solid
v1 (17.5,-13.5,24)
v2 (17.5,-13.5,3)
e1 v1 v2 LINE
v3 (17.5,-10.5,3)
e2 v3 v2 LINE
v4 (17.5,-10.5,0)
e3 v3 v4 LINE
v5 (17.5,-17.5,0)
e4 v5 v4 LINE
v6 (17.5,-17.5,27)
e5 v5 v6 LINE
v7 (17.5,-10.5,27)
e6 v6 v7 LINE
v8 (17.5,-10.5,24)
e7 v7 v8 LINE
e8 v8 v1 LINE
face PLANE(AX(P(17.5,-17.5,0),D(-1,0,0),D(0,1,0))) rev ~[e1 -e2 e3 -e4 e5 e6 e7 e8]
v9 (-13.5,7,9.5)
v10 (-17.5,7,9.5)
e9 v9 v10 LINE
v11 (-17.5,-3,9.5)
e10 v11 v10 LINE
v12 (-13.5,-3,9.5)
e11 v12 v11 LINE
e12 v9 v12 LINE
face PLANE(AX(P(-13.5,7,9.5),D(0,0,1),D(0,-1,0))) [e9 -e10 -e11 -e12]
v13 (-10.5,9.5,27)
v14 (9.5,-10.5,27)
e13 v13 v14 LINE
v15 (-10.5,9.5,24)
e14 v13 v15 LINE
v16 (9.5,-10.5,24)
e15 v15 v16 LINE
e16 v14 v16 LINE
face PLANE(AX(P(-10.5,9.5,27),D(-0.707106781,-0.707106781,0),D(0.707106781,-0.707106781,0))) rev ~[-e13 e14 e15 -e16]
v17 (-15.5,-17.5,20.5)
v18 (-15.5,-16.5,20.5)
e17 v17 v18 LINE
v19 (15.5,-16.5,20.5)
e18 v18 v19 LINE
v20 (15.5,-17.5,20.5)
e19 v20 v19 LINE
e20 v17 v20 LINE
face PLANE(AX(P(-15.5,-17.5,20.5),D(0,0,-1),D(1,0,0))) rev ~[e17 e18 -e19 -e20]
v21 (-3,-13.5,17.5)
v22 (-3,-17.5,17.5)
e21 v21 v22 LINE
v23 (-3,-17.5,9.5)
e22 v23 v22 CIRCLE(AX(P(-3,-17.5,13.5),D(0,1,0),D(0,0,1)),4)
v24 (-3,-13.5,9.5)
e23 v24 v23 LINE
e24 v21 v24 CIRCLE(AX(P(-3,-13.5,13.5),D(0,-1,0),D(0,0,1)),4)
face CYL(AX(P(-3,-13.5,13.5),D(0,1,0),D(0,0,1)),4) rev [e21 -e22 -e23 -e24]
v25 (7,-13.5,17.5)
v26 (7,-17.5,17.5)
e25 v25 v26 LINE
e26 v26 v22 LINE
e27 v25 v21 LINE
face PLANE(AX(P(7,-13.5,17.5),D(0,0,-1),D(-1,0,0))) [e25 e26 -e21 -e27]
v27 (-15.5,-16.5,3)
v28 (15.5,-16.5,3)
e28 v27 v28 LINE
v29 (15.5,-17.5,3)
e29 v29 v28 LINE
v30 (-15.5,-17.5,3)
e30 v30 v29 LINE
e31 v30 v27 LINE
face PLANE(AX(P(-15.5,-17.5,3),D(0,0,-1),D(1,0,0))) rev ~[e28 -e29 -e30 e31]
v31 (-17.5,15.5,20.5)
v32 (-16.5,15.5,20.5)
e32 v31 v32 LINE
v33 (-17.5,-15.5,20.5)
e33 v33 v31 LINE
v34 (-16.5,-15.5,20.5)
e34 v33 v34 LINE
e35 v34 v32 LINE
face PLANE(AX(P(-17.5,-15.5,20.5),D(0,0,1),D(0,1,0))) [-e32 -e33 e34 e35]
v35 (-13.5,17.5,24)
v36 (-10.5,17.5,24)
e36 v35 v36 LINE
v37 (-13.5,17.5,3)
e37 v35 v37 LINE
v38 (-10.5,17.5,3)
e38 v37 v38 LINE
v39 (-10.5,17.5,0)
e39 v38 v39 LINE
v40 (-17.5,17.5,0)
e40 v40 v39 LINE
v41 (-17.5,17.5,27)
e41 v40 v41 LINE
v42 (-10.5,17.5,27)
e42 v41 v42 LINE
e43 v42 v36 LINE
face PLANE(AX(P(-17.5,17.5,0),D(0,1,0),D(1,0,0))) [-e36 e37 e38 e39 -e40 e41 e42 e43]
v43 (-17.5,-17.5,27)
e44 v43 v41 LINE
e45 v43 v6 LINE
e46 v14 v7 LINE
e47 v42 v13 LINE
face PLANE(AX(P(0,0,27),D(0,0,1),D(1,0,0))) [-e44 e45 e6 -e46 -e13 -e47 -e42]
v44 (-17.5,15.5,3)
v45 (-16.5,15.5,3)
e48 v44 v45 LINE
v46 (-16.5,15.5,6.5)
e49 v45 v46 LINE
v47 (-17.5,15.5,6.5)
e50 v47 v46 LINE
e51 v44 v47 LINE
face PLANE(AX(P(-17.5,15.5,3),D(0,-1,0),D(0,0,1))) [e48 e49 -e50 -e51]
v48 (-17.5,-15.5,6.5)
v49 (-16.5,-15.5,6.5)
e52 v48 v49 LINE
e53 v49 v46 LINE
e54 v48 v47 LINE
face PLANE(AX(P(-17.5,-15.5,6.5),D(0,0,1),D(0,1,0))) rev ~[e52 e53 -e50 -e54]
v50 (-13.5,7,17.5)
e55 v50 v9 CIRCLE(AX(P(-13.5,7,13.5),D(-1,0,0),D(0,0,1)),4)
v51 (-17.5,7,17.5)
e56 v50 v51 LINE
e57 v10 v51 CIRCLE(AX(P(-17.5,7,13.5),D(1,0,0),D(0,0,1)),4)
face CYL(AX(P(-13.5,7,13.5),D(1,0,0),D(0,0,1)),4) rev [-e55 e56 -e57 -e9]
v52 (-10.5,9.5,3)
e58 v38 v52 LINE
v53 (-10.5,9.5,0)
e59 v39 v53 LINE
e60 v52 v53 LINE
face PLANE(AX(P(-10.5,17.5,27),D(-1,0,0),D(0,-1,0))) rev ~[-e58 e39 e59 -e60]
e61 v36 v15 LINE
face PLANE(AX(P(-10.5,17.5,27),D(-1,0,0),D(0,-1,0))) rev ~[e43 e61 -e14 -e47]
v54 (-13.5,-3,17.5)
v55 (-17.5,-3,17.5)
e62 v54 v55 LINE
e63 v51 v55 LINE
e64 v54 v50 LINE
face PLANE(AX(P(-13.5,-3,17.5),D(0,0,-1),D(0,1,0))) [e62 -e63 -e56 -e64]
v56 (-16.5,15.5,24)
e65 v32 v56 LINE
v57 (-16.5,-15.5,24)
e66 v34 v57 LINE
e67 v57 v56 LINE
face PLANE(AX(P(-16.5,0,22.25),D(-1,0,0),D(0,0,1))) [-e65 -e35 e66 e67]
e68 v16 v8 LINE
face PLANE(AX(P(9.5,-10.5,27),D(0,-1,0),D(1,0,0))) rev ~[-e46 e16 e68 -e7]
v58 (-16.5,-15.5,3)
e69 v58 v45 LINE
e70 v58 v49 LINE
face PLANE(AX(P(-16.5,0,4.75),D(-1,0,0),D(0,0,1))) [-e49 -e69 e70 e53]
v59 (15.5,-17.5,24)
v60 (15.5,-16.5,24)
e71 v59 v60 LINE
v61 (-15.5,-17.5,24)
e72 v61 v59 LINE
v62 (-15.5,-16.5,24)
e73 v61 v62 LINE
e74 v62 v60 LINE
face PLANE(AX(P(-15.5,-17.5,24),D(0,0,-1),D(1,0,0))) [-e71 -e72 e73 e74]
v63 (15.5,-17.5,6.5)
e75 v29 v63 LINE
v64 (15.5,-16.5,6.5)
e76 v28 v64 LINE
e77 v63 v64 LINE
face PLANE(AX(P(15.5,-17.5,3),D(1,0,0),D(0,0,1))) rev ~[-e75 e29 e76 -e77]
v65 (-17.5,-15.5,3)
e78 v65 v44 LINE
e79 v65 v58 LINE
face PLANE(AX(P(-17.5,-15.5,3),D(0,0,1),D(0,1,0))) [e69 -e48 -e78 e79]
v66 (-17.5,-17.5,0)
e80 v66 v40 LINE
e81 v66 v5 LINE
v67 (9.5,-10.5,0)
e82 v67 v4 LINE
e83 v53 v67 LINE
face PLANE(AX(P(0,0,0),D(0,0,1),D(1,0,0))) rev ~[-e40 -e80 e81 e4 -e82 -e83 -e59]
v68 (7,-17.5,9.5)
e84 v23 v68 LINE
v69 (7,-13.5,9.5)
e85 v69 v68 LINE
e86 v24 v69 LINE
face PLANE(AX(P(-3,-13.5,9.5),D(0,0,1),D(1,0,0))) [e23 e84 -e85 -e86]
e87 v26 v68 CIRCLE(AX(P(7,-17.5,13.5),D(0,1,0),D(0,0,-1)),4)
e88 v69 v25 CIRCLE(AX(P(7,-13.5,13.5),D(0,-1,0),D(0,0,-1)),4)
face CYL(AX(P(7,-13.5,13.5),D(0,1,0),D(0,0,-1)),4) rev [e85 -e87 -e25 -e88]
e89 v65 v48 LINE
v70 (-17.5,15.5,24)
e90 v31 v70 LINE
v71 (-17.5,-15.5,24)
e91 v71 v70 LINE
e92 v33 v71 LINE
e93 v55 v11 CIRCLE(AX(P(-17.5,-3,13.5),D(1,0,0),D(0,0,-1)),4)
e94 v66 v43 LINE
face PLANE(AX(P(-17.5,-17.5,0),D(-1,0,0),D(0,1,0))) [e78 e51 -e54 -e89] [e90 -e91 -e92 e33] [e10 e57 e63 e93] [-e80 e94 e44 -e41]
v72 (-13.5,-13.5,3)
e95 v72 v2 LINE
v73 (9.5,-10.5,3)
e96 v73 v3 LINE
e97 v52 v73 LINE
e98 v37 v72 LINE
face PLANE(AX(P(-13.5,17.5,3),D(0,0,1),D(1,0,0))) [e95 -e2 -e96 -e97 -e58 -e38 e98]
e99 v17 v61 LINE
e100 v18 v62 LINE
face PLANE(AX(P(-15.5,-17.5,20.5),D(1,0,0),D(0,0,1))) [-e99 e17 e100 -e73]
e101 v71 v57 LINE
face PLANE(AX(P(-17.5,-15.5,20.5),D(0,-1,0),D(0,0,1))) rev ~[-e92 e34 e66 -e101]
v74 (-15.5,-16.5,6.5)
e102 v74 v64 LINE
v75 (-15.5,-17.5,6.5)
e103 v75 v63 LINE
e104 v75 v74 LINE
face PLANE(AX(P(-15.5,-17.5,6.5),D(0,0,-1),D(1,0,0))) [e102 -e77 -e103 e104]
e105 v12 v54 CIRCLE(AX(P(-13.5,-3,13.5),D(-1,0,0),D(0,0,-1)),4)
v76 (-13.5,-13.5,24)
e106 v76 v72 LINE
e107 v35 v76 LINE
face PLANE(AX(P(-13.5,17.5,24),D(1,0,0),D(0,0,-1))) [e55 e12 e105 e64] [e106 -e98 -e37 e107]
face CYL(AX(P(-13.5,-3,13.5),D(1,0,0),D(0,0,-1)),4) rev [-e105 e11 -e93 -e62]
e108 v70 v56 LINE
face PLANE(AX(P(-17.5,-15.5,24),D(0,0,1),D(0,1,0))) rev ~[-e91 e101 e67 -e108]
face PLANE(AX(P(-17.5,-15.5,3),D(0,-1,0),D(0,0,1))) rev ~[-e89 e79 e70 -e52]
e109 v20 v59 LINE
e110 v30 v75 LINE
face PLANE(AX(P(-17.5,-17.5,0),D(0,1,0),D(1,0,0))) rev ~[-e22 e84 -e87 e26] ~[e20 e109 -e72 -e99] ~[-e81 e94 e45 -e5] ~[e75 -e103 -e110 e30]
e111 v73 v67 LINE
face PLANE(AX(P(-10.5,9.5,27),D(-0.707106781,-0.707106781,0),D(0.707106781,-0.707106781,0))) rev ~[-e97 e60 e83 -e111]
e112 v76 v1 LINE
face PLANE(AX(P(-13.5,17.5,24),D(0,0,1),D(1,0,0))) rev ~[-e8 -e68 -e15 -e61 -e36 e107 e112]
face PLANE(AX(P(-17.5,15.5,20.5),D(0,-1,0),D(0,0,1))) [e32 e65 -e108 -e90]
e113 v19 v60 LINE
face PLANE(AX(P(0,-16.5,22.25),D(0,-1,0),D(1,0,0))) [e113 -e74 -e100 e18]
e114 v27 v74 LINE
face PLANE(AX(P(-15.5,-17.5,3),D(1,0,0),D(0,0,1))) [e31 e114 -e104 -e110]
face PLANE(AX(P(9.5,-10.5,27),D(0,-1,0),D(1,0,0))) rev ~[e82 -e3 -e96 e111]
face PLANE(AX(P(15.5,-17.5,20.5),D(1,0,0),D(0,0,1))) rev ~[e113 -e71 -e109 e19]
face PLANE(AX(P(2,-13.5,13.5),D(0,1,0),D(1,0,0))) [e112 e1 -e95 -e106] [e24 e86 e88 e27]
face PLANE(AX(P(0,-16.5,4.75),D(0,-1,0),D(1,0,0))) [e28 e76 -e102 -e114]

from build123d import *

# Parameters (mm, degrees)
SKETCH1_W           = 35
SKETCH1_H           = 35
BOSS_EXTRUDE1_DEPTH = 27
SKETCH2_W           = 31
SKETCH2_H           = 21
CUT_EXTRUDE1_DEPTH  = 31
CUT_EXTRUDE2_DEPTH  = 37.626493144
CUT_EXTRUDE3_DEPTH  = 45.679413604
CUT_EXTRUDE4_DEPTH  = 45.679413604
SKETCH7_W           = 31
SKETCH7_H           = 3.5
CUT_EXTRUDE5_DEPTH  = 1
SKETCH8_W           = 31
SKETCH8_H           = 3.5
CUT_EXTRUDE6_DEPTH  = 1
SKETCH9_W           = 3.5
SKETCH9_H           = 31
CUT_EXTRUDE13_DEPTH = 1
SKETCH10_W          = 3.5
SKETCH10_H          = 31
CUT_EXTRUDE14_DEPTH = 1


with BuildPart() as part:
    # Sketch1 → Boss-Extrude1 (new body)
    with BuildSketch(Plane.XY):
        Rectangle(SKETCH1_W, SKETCH1_H)
    extrude(amount=BOSS_EXTRUDE1_DEPTH)

    # Sketch2 → Cut-Extrude1 (cut)
    with BuildSketch(Plane(origin=(0, 17.5, 0), x_dir=(1, 0, 0), z_dir=(0, 1, 0))):
        with Locations((2, -13.5)):
            Rectangle(SKETCH2_W, SKETCH2_H)
    extrude(amount=-CUT_EXTRUDE1_DEPTH, mode=Mode.SUBTRACT)

    # Sketch3 → Cut-Extrude2 (cut, through all)
    with BuildSketch(Plane.XY.offset(27)):
        Polygon((17.5, 17.5), (-10.5, 17.5), (-10.5, 9.5), (9.5, -10.5), (17.5, -10.5), align=None)
    extrude(amount=-CUT_EXTRUDE2_DEPTH, mode=Mode.SUBTRACT)

    # Sketch4 → Cut-Extrude3 (cut, through all)
    with BuildSketch(Plane(origin=(-13.5, 0, 0), x_dir=(0, 0, -1), z_dir=(1, 0, 0))):
        with BuildLine():
            Line((-9.5, 7), (-9.5, -3))
            ThreePointArc((-9.5, -3), (-13.5, -7), (-17.5, -3))
            Line((-17.5, -3), (-17.5, 7))
            ThreePointArc((-17.5, 7), (-13.5, 11), (-9.5, 7))
        make_face()
    extrude(amount=-CUT_EXTRUDE3_DEPTH, mode=Mode.SUBTRACT)

    # Sketch5 → Cut-Extrude4 (cut, through all)
    with BuildSketch(Plane(origin=(0, -13.5, 0), x_dir=(1, 0, 0), z_dir=(0, 1, 0))):
        with BuildLine():
            Line((-3, -9.5), (7, -9.5))
            ThreePointArc((7, -9.5), (11, -13.5), (7, -17.5))
            Line((7, -17.5), (-3, -17.5))
            ThreePointArc((-3, -17.5), (-7, -13.5), (-3, -9.5))
        make_face()
    extrude(amount=-CUT_EXTRUDE4_DEPTH, mode=Mode.SUBTRACT)

    # Sketch7 → Cut-Extrude5 (cut)
    with BuildSketch(Plane.XZ.offset(17.5)):
        with Locations((0, 22.25)):
            Rectangle(SKETCH7_W, SKETCH7_H)
    extrude(amount=-CUT_EXTRUDE5_DEPTH, mode=Mode.SUBTRACT)

    # Sketch8 → Cut-Extrude6 (cut)
    with BuildSketch(Plane.XZ.offset(17.5)):
        with Locations((0, 4.75)):
            Rectangle(SKETCH8_W, SKETCH8_H)
    extrude(amount=-CUT_EXTRUDE6_DEPTH, mode=Mode.SUBTRACT)

    # Sketch9 → Cut-Extrude13 (cut)
    with BuildSketch(Plane.ZY.offset(17.5)):
        with Locations((22.25, 0)):
            Rectangle(SKETCH9_W, SKETCH9_H)
    extrude(amount=-CUT_EXTRUDE13_DEPTH, mode=Mode.SUBTRACT)

    # Sketch10 → Cut-Extrude14 (cut)
    with BuildSketch(Plane.ZY.offset(17.5)):
        with Locations((4.75, 0)):
            Rectangle(SKETCH10_W, SKETCH10_H)
    extrude(amount=-CUT_EXTRUDE14_DEPTH, mode=Mode.SUBTRACT)


solid = part.part
